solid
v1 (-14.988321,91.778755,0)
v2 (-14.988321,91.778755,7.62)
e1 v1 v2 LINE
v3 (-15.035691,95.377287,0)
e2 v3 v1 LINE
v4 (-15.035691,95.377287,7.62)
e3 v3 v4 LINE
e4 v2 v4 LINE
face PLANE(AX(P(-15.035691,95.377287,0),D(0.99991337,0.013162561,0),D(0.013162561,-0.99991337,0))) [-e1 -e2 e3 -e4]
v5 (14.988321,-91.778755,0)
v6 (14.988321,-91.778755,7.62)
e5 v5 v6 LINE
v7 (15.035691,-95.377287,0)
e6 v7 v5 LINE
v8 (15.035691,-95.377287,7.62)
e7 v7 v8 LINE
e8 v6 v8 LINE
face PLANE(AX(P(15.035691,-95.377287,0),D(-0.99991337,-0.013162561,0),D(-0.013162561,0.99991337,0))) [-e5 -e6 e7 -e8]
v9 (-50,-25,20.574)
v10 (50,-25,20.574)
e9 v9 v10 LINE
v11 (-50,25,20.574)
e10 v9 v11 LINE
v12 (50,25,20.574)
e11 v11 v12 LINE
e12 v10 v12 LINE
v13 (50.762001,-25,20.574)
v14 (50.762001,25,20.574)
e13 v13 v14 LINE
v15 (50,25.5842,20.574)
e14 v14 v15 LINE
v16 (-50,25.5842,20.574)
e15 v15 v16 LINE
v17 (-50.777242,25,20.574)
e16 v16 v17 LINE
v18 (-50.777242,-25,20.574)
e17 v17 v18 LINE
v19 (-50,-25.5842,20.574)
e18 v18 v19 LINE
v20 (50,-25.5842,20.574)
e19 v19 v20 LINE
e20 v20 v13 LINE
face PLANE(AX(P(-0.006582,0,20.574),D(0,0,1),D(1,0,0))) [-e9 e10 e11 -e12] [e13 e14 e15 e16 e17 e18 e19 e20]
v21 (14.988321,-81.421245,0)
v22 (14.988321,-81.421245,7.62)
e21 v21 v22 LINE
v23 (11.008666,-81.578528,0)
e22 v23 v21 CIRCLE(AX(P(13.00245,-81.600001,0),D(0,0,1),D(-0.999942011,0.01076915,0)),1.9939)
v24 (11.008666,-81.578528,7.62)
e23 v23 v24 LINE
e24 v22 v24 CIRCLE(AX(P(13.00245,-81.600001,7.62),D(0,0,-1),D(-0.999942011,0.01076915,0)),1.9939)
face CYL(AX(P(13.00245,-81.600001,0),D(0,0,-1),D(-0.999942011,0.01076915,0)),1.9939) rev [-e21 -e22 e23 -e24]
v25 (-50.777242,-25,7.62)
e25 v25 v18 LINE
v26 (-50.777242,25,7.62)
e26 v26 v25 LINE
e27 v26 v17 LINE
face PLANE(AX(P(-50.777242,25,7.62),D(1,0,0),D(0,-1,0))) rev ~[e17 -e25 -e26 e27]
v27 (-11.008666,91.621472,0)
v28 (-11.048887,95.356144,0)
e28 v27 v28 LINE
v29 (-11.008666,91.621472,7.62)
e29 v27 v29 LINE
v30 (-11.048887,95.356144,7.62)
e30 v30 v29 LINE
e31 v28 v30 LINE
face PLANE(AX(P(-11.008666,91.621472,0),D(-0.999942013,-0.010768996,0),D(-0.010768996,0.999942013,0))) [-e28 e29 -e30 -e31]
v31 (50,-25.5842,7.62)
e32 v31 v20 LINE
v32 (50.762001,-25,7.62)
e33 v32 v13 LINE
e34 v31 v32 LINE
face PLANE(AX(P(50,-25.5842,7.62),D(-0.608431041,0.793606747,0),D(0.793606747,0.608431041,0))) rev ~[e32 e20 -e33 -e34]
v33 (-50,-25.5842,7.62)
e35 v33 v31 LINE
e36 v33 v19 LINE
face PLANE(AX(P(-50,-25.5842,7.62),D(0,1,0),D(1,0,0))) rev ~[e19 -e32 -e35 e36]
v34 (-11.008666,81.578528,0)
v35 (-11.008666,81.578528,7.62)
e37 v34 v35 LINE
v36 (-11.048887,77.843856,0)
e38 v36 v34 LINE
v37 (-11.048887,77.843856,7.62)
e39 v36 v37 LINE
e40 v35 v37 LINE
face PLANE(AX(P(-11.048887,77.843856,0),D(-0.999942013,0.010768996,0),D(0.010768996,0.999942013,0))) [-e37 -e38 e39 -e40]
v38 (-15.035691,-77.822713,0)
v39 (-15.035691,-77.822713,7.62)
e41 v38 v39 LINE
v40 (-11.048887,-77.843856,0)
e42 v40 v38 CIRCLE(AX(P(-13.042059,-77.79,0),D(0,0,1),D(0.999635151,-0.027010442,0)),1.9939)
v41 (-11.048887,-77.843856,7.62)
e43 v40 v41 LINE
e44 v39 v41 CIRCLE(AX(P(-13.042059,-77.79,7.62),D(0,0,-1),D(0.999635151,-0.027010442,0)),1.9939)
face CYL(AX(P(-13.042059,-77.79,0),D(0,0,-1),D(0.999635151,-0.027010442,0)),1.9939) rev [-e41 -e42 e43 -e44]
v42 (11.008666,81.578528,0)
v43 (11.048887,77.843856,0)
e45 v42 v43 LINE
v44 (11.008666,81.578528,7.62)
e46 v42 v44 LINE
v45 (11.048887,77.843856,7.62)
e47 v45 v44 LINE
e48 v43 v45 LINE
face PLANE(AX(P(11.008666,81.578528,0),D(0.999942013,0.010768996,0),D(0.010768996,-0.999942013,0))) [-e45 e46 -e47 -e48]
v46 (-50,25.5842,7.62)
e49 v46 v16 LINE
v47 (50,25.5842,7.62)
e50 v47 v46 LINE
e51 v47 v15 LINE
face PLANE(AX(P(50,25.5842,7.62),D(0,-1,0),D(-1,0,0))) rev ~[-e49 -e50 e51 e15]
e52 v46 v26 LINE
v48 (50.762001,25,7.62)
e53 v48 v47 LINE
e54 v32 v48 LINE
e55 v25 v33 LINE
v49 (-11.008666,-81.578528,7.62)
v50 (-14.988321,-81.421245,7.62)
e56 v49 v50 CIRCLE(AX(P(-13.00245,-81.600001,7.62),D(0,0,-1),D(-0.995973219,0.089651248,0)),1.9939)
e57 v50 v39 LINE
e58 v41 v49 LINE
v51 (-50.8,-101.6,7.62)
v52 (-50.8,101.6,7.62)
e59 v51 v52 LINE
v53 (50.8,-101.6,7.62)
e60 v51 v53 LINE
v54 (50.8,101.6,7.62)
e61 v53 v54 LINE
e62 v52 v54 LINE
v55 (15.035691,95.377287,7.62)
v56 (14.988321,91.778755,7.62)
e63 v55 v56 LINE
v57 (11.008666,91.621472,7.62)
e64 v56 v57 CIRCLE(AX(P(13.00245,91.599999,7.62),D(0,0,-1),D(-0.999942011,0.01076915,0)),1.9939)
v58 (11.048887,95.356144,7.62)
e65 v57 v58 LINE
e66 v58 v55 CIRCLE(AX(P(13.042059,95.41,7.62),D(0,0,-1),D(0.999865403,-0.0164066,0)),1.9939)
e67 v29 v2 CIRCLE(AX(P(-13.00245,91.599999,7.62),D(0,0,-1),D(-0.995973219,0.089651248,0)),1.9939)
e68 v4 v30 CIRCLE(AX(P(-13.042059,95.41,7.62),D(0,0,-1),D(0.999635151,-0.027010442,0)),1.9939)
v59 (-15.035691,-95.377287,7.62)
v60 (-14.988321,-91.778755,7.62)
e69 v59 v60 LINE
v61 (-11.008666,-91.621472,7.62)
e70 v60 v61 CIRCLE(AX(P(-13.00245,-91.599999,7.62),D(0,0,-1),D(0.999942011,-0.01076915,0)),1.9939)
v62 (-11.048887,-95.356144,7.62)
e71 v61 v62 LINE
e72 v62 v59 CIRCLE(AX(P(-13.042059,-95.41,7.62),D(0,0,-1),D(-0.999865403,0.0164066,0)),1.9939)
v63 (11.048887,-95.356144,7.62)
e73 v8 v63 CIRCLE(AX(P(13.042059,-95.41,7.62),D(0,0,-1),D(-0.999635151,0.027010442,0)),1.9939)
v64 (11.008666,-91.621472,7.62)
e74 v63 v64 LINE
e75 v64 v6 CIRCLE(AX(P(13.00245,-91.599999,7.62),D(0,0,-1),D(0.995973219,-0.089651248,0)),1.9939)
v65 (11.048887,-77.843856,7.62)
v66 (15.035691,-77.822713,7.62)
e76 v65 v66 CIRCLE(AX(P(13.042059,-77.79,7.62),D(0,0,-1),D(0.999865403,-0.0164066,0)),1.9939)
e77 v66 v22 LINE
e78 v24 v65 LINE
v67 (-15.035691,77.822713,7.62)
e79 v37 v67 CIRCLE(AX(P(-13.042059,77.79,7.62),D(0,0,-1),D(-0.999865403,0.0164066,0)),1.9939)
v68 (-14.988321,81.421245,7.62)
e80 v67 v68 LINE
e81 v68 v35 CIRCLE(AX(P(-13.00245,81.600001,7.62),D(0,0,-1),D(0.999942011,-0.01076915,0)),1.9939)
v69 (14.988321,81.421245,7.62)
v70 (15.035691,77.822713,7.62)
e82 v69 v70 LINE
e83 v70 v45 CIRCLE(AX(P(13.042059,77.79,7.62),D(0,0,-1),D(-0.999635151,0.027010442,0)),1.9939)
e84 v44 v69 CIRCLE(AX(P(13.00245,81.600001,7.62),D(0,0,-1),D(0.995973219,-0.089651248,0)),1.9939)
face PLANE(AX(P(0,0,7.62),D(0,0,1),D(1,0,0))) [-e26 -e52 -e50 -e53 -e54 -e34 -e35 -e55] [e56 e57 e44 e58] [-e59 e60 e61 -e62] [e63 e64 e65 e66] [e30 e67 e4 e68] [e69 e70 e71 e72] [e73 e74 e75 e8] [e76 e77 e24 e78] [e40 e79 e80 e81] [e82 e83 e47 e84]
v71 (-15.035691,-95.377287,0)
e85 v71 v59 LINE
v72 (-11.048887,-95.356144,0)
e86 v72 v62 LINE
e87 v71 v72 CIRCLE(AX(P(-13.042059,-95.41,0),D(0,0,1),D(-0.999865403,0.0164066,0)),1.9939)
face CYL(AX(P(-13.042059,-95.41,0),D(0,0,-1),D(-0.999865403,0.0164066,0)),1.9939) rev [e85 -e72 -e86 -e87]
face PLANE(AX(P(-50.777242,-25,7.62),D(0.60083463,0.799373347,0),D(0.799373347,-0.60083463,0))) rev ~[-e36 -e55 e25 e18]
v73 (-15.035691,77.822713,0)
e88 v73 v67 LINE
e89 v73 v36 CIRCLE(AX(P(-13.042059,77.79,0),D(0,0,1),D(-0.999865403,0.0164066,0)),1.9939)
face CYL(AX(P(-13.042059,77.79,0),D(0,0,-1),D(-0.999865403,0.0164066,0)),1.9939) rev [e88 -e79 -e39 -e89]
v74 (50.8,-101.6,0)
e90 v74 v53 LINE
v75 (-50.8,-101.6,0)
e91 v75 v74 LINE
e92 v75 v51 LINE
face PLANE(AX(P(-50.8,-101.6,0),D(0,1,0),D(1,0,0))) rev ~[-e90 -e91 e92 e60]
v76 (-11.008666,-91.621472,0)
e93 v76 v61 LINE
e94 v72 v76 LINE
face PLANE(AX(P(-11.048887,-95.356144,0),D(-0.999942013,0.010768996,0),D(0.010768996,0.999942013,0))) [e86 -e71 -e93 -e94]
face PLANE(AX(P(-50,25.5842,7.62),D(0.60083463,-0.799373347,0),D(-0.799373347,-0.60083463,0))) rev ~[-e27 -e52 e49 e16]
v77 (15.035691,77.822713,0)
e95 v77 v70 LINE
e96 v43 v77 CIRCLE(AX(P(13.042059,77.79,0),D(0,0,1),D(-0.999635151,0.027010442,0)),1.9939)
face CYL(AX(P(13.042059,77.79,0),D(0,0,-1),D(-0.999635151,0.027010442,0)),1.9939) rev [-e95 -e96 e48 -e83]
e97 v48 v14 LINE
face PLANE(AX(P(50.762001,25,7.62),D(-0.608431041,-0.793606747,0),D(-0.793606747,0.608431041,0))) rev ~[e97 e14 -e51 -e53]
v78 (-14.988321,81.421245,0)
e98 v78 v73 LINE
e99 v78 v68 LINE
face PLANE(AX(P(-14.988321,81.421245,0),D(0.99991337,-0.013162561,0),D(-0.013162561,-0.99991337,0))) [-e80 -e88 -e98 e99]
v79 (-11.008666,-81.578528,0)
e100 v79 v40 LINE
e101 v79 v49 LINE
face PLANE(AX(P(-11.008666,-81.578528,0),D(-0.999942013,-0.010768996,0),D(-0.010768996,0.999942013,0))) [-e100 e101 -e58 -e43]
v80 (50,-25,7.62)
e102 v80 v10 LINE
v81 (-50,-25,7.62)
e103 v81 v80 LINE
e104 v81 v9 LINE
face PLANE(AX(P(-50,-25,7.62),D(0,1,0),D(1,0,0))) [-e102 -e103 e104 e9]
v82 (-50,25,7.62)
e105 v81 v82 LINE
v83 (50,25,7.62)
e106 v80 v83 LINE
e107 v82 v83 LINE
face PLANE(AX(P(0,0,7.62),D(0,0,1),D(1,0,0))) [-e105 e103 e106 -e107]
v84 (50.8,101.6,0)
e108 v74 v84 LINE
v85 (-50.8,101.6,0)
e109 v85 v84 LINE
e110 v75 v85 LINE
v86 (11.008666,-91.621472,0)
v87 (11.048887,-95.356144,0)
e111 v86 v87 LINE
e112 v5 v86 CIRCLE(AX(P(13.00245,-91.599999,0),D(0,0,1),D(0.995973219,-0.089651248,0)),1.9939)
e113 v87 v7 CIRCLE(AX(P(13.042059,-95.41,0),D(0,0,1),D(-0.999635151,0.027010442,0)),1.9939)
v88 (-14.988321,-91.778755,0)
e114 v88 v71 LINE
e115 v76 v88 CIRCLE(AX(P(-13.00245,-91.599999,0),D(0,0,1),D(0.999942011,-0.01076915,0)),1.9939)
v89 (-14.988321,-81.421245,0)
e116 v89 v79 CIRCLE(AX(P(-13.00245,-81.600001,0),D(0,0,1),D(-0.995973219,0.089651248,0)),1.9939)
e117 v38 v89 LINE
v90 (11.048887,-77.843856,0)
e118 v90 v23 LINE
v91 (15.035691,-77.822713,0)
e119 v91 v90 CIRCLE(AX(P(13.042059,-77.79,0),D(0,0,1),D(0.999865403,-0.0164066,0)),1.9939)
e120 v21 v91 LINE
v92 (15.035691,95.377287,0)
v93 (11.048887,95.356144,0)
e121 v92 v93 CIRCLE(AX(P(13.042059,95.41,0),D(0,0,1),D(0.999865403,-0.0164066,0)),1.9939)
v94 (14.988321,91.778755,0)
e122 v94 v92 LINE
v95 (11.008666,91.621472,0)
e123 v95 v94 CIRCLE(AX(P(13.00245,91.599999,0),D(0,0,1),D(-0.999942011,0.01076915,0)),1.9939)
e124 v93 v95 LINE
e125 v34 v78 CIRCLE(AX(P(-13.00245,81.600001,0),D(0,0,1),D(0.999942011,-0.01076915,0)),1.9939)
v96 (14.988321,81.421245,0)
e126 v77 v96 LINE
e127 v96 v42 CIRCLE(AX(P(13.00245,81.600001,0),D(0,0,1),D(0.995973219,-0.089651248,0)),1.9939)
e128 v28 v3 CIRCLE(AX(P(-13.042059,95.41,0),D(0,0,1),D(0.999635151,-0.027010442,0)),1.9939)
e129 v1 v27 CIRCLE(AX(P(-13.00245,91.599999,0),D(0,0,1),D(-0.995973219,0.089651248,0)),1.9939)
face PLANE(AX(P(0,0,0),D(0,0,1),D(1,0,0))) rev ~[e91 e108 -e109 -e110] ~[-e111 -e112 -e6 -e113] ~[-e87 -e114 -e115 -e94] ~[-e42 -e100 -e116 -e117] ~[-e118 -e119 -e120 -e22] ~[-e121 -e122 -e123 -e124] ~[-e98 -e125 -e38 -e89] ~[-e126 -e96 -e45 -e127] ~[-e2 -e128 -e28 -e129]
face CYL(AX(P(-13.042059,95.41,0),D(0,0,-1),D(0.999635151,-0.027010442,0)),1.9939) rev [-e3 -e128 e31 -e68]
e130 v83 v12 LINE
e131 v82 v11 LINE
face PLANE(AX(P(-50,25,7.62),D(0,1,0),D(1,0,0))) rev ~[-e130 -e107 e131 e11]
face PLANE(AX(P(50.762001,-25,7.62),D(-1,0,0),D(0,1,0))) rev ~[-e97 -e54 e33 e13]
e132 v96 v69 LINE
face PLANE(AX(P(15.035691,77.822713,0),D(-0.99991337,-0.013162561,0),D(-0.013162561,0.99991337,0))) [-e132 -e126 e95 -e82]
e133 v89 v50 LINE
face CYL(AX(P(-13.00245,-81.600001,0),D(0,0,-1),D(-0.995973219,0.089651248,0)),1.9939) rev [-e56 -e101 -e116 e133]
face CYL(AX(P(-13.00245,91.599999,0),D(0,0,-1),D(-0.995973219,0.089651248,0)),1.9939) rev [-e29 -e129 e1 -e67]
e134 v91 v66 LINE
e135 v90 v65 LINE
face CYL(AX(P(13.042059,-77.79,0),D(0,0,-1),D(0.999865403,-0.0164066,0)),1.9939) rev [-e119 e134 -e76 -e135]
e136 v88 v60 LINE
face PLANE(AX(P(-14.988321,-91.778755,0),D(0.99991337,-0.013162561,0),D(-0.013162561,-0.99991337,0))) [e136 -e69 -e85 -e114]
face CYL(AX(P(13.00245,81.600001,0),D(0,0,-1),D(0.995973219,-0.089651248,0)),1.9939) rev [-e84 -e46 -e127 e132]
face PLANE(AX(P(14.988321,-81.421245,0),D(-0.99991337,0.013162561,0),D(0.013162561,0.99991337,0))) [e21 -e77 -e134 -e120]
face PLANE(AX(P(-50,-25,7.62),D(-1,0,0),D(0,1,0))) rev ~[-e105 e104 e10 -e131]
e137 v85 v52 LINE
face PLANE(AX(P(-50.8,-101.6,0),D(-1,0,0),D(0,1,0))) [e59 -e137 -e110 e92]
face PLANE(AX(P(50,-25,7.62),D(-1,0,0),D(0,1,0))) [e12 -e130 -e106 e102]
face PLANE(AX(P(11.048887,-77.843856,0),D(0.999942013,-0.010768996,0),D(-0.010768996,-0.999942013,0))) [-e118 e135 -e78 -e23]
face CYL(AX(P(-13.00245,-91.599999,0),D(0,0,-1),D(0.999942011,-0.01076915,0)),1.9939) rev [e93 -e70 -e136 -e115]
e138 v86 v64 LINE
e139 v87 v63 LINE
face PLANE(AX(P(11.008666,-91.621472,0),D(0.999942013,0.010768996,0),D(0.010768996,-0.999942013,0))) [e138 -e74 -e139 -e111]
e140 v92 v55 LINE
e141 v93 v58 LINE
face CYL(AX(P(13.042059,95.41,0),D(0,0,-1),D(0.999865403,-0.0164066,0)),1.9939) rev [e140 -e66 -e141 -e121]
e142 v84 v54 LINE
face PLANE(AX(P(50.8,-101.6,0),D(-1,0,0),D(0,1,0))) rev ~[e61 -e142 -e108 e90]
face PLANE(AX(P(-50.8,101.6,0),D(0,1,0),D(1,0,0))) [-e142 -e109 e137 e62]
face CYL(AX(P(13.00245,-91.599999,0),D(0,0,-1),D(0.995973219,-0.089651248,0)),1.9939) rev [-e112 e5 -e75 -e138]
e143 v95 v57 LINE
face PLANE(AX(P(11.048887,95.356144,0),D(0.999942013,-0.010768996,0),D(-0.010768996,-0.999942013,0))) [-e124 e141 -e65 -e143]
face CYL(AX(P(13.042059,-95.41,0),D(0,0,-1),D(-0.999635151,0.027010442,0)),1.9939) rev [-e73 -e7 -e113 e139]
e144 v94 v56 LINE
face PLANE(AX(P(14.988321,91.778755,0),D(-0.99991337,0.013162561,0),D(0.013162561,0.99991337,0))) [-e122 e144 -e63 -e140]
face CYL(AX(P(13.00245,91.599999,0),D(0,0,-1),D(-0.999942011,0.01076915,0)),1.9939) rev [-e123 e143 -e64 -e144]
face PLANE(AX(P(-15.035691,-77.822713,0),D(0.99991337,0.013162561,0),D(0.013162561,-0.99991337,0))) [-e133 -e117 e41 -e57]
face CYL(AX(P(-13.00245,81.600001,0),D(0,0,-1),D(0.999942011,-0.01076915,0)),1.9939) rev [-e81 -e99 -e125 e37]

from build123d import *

# Parameters (mm, degrees)
F0_W     = 101.6
F0_H     = 203.2
F1_DEPTH = 7.62
F3_DEPTH = 25.4
F4_W     = 100
F4_H     = 50
F5_DEPTH = 12.954


with BuildPart() as f1:
    # F0 (on Top) → F1 (new body)
    with BuildSketch(Plane.XY):
        Rectangle(F0_W, F0_H)
    extrude(amount=F1_DEPTH)

    # F2 (on Top) → F3 (cut)
    with BuildSketch(Plane.XY):
        with BuildLine():
            Line((-15.035691, -77.822713), (-14.988321, -81.421245))
            ThreePointArc((-14.988321, -81.421245), (-13.081192, -83.592345), (-11.008666, -81.578528))
            Line((-11.008666, -81.578528), (-11.048887, -77.843856))
            ThreePointArc((-11.048887, -77.843856), (-13.031485, -75.796128), (-15.035691, -77.822713))
        make_face()
        with BuildLine():
            ThreePointArc((-15.035691, -95.377287), (-13.031485, -97.403872), (-11.048887, -95.356144))
            Line((-11.048887, -95.356144), (-11.008666, -91.621472))
            ThreePointArc((-11.008666, -91.621472), (-13.081192, -89.607655), (-14.988321, -91.778755))
            Line((-14.988321, -91.778755), (-15.035691, -95.377287))
        make_face()
        with BuildLine():
            ThreePointArc((15.035691, -77.822713), (13.031485, -75.796128), (11.048887, -77.843856))
            Line((11.048887, -77.843856), (11.008666, -81.578528))
            ThreePointArc((11.008666, -81.578528), (13.081192, -83.592345), (14.988321, -81.421245))
            Line((14.988321, -81.421245), (15.035691, -77.822713))
        make_face()
        with BuildLine():
            Line((11.008666, -91.621472), (11.048887, -95.356144))
            ThreePointArc((11.048887, -95.356144), (13.031485, -97.403872), (15.035691, -95.377287))
            Line((15.035691, -95.377287), (14.988321, -91.778755))
            ThreePointArc((14.988321, -91.778755), (13.081192, -89.607655), (11.008666, -91.621472))
        make_face()
        with BuildLine():
            ThreePointArc((15.035691, 95.377287), (13.031485, 97.403872), (11.048887, 95.356144))
            Line((11.048887, 95.356144), (11.008666, 91.621472))
            ThreePointArc((11.008666, 91.621472), (13.081192, 89.607655), (14.988321, 91.778755))
            Line((14.988321, 91.778755), (15.035691, 95.377287))
        make_face()
        with BuildLine():
            Line((-11.008666, 91.621472), (-11.048887, 95.356144))
            ThreePointArc((-11.048887, 95.356144), (-13.031485, 97.403872), (-15.035691, 95.377287))
            Line((-15.035691, 95.377287), (-14.988321, 91.778755))
            ThreePointArc((-14.988321, 91.778755), (-13.081192, 89.607655), (-11.008666, 91.621472))
        make_face()
        with BuildLine():
            ThreePointArc((-15.035691, 77.822713), (-13.031485, 75.796128), (-11.048887, 77.843856))
            Line((-11.048887, 77.843856), (-11.008666, 81.578528))
            ThreePointArc((-11.008666, 81.578528), (-13.081192, 83.592345), (-14.988321, 81.421245))
            Line((-14.988321, 81.421245), (-15.035691, 77.822713))
        make_face()
        with BuildLine():
            ThreePointArc((11.048887, 77.843856), (13.031485, 75.796128), (15.035691, 77.822713))
            Line((15.035691, 77.822713), (14.988321, 81.421245))
            ThreePointArc((14.988321, 81.421245), (13.081192, 83.592345), (11.008666, 81.578528))
            Line((11.008666, 81.578528), (11.048887, 77.843856))
        make_face()
    extrude(amount=F3_DEPTH, mode=Mode.SUBTRACT)

    # F4 (on face) → F5 (join)
    with BuildSketch(Plane.XY.offset(7.62)):
        Polygon((50, 25.5842), (-50, 25.5842), (-50.777242, 25), (-50.777242, -25), (-50, -25.5842), (50, -25.5842), (50.762001, -25), (50.762001, 25), align=None)
        Rectangle(F4_W, F4_H, mode=Mode.SUBTRACT)
    extrude(amount=F5_DEPTH)


solid = f1.part
